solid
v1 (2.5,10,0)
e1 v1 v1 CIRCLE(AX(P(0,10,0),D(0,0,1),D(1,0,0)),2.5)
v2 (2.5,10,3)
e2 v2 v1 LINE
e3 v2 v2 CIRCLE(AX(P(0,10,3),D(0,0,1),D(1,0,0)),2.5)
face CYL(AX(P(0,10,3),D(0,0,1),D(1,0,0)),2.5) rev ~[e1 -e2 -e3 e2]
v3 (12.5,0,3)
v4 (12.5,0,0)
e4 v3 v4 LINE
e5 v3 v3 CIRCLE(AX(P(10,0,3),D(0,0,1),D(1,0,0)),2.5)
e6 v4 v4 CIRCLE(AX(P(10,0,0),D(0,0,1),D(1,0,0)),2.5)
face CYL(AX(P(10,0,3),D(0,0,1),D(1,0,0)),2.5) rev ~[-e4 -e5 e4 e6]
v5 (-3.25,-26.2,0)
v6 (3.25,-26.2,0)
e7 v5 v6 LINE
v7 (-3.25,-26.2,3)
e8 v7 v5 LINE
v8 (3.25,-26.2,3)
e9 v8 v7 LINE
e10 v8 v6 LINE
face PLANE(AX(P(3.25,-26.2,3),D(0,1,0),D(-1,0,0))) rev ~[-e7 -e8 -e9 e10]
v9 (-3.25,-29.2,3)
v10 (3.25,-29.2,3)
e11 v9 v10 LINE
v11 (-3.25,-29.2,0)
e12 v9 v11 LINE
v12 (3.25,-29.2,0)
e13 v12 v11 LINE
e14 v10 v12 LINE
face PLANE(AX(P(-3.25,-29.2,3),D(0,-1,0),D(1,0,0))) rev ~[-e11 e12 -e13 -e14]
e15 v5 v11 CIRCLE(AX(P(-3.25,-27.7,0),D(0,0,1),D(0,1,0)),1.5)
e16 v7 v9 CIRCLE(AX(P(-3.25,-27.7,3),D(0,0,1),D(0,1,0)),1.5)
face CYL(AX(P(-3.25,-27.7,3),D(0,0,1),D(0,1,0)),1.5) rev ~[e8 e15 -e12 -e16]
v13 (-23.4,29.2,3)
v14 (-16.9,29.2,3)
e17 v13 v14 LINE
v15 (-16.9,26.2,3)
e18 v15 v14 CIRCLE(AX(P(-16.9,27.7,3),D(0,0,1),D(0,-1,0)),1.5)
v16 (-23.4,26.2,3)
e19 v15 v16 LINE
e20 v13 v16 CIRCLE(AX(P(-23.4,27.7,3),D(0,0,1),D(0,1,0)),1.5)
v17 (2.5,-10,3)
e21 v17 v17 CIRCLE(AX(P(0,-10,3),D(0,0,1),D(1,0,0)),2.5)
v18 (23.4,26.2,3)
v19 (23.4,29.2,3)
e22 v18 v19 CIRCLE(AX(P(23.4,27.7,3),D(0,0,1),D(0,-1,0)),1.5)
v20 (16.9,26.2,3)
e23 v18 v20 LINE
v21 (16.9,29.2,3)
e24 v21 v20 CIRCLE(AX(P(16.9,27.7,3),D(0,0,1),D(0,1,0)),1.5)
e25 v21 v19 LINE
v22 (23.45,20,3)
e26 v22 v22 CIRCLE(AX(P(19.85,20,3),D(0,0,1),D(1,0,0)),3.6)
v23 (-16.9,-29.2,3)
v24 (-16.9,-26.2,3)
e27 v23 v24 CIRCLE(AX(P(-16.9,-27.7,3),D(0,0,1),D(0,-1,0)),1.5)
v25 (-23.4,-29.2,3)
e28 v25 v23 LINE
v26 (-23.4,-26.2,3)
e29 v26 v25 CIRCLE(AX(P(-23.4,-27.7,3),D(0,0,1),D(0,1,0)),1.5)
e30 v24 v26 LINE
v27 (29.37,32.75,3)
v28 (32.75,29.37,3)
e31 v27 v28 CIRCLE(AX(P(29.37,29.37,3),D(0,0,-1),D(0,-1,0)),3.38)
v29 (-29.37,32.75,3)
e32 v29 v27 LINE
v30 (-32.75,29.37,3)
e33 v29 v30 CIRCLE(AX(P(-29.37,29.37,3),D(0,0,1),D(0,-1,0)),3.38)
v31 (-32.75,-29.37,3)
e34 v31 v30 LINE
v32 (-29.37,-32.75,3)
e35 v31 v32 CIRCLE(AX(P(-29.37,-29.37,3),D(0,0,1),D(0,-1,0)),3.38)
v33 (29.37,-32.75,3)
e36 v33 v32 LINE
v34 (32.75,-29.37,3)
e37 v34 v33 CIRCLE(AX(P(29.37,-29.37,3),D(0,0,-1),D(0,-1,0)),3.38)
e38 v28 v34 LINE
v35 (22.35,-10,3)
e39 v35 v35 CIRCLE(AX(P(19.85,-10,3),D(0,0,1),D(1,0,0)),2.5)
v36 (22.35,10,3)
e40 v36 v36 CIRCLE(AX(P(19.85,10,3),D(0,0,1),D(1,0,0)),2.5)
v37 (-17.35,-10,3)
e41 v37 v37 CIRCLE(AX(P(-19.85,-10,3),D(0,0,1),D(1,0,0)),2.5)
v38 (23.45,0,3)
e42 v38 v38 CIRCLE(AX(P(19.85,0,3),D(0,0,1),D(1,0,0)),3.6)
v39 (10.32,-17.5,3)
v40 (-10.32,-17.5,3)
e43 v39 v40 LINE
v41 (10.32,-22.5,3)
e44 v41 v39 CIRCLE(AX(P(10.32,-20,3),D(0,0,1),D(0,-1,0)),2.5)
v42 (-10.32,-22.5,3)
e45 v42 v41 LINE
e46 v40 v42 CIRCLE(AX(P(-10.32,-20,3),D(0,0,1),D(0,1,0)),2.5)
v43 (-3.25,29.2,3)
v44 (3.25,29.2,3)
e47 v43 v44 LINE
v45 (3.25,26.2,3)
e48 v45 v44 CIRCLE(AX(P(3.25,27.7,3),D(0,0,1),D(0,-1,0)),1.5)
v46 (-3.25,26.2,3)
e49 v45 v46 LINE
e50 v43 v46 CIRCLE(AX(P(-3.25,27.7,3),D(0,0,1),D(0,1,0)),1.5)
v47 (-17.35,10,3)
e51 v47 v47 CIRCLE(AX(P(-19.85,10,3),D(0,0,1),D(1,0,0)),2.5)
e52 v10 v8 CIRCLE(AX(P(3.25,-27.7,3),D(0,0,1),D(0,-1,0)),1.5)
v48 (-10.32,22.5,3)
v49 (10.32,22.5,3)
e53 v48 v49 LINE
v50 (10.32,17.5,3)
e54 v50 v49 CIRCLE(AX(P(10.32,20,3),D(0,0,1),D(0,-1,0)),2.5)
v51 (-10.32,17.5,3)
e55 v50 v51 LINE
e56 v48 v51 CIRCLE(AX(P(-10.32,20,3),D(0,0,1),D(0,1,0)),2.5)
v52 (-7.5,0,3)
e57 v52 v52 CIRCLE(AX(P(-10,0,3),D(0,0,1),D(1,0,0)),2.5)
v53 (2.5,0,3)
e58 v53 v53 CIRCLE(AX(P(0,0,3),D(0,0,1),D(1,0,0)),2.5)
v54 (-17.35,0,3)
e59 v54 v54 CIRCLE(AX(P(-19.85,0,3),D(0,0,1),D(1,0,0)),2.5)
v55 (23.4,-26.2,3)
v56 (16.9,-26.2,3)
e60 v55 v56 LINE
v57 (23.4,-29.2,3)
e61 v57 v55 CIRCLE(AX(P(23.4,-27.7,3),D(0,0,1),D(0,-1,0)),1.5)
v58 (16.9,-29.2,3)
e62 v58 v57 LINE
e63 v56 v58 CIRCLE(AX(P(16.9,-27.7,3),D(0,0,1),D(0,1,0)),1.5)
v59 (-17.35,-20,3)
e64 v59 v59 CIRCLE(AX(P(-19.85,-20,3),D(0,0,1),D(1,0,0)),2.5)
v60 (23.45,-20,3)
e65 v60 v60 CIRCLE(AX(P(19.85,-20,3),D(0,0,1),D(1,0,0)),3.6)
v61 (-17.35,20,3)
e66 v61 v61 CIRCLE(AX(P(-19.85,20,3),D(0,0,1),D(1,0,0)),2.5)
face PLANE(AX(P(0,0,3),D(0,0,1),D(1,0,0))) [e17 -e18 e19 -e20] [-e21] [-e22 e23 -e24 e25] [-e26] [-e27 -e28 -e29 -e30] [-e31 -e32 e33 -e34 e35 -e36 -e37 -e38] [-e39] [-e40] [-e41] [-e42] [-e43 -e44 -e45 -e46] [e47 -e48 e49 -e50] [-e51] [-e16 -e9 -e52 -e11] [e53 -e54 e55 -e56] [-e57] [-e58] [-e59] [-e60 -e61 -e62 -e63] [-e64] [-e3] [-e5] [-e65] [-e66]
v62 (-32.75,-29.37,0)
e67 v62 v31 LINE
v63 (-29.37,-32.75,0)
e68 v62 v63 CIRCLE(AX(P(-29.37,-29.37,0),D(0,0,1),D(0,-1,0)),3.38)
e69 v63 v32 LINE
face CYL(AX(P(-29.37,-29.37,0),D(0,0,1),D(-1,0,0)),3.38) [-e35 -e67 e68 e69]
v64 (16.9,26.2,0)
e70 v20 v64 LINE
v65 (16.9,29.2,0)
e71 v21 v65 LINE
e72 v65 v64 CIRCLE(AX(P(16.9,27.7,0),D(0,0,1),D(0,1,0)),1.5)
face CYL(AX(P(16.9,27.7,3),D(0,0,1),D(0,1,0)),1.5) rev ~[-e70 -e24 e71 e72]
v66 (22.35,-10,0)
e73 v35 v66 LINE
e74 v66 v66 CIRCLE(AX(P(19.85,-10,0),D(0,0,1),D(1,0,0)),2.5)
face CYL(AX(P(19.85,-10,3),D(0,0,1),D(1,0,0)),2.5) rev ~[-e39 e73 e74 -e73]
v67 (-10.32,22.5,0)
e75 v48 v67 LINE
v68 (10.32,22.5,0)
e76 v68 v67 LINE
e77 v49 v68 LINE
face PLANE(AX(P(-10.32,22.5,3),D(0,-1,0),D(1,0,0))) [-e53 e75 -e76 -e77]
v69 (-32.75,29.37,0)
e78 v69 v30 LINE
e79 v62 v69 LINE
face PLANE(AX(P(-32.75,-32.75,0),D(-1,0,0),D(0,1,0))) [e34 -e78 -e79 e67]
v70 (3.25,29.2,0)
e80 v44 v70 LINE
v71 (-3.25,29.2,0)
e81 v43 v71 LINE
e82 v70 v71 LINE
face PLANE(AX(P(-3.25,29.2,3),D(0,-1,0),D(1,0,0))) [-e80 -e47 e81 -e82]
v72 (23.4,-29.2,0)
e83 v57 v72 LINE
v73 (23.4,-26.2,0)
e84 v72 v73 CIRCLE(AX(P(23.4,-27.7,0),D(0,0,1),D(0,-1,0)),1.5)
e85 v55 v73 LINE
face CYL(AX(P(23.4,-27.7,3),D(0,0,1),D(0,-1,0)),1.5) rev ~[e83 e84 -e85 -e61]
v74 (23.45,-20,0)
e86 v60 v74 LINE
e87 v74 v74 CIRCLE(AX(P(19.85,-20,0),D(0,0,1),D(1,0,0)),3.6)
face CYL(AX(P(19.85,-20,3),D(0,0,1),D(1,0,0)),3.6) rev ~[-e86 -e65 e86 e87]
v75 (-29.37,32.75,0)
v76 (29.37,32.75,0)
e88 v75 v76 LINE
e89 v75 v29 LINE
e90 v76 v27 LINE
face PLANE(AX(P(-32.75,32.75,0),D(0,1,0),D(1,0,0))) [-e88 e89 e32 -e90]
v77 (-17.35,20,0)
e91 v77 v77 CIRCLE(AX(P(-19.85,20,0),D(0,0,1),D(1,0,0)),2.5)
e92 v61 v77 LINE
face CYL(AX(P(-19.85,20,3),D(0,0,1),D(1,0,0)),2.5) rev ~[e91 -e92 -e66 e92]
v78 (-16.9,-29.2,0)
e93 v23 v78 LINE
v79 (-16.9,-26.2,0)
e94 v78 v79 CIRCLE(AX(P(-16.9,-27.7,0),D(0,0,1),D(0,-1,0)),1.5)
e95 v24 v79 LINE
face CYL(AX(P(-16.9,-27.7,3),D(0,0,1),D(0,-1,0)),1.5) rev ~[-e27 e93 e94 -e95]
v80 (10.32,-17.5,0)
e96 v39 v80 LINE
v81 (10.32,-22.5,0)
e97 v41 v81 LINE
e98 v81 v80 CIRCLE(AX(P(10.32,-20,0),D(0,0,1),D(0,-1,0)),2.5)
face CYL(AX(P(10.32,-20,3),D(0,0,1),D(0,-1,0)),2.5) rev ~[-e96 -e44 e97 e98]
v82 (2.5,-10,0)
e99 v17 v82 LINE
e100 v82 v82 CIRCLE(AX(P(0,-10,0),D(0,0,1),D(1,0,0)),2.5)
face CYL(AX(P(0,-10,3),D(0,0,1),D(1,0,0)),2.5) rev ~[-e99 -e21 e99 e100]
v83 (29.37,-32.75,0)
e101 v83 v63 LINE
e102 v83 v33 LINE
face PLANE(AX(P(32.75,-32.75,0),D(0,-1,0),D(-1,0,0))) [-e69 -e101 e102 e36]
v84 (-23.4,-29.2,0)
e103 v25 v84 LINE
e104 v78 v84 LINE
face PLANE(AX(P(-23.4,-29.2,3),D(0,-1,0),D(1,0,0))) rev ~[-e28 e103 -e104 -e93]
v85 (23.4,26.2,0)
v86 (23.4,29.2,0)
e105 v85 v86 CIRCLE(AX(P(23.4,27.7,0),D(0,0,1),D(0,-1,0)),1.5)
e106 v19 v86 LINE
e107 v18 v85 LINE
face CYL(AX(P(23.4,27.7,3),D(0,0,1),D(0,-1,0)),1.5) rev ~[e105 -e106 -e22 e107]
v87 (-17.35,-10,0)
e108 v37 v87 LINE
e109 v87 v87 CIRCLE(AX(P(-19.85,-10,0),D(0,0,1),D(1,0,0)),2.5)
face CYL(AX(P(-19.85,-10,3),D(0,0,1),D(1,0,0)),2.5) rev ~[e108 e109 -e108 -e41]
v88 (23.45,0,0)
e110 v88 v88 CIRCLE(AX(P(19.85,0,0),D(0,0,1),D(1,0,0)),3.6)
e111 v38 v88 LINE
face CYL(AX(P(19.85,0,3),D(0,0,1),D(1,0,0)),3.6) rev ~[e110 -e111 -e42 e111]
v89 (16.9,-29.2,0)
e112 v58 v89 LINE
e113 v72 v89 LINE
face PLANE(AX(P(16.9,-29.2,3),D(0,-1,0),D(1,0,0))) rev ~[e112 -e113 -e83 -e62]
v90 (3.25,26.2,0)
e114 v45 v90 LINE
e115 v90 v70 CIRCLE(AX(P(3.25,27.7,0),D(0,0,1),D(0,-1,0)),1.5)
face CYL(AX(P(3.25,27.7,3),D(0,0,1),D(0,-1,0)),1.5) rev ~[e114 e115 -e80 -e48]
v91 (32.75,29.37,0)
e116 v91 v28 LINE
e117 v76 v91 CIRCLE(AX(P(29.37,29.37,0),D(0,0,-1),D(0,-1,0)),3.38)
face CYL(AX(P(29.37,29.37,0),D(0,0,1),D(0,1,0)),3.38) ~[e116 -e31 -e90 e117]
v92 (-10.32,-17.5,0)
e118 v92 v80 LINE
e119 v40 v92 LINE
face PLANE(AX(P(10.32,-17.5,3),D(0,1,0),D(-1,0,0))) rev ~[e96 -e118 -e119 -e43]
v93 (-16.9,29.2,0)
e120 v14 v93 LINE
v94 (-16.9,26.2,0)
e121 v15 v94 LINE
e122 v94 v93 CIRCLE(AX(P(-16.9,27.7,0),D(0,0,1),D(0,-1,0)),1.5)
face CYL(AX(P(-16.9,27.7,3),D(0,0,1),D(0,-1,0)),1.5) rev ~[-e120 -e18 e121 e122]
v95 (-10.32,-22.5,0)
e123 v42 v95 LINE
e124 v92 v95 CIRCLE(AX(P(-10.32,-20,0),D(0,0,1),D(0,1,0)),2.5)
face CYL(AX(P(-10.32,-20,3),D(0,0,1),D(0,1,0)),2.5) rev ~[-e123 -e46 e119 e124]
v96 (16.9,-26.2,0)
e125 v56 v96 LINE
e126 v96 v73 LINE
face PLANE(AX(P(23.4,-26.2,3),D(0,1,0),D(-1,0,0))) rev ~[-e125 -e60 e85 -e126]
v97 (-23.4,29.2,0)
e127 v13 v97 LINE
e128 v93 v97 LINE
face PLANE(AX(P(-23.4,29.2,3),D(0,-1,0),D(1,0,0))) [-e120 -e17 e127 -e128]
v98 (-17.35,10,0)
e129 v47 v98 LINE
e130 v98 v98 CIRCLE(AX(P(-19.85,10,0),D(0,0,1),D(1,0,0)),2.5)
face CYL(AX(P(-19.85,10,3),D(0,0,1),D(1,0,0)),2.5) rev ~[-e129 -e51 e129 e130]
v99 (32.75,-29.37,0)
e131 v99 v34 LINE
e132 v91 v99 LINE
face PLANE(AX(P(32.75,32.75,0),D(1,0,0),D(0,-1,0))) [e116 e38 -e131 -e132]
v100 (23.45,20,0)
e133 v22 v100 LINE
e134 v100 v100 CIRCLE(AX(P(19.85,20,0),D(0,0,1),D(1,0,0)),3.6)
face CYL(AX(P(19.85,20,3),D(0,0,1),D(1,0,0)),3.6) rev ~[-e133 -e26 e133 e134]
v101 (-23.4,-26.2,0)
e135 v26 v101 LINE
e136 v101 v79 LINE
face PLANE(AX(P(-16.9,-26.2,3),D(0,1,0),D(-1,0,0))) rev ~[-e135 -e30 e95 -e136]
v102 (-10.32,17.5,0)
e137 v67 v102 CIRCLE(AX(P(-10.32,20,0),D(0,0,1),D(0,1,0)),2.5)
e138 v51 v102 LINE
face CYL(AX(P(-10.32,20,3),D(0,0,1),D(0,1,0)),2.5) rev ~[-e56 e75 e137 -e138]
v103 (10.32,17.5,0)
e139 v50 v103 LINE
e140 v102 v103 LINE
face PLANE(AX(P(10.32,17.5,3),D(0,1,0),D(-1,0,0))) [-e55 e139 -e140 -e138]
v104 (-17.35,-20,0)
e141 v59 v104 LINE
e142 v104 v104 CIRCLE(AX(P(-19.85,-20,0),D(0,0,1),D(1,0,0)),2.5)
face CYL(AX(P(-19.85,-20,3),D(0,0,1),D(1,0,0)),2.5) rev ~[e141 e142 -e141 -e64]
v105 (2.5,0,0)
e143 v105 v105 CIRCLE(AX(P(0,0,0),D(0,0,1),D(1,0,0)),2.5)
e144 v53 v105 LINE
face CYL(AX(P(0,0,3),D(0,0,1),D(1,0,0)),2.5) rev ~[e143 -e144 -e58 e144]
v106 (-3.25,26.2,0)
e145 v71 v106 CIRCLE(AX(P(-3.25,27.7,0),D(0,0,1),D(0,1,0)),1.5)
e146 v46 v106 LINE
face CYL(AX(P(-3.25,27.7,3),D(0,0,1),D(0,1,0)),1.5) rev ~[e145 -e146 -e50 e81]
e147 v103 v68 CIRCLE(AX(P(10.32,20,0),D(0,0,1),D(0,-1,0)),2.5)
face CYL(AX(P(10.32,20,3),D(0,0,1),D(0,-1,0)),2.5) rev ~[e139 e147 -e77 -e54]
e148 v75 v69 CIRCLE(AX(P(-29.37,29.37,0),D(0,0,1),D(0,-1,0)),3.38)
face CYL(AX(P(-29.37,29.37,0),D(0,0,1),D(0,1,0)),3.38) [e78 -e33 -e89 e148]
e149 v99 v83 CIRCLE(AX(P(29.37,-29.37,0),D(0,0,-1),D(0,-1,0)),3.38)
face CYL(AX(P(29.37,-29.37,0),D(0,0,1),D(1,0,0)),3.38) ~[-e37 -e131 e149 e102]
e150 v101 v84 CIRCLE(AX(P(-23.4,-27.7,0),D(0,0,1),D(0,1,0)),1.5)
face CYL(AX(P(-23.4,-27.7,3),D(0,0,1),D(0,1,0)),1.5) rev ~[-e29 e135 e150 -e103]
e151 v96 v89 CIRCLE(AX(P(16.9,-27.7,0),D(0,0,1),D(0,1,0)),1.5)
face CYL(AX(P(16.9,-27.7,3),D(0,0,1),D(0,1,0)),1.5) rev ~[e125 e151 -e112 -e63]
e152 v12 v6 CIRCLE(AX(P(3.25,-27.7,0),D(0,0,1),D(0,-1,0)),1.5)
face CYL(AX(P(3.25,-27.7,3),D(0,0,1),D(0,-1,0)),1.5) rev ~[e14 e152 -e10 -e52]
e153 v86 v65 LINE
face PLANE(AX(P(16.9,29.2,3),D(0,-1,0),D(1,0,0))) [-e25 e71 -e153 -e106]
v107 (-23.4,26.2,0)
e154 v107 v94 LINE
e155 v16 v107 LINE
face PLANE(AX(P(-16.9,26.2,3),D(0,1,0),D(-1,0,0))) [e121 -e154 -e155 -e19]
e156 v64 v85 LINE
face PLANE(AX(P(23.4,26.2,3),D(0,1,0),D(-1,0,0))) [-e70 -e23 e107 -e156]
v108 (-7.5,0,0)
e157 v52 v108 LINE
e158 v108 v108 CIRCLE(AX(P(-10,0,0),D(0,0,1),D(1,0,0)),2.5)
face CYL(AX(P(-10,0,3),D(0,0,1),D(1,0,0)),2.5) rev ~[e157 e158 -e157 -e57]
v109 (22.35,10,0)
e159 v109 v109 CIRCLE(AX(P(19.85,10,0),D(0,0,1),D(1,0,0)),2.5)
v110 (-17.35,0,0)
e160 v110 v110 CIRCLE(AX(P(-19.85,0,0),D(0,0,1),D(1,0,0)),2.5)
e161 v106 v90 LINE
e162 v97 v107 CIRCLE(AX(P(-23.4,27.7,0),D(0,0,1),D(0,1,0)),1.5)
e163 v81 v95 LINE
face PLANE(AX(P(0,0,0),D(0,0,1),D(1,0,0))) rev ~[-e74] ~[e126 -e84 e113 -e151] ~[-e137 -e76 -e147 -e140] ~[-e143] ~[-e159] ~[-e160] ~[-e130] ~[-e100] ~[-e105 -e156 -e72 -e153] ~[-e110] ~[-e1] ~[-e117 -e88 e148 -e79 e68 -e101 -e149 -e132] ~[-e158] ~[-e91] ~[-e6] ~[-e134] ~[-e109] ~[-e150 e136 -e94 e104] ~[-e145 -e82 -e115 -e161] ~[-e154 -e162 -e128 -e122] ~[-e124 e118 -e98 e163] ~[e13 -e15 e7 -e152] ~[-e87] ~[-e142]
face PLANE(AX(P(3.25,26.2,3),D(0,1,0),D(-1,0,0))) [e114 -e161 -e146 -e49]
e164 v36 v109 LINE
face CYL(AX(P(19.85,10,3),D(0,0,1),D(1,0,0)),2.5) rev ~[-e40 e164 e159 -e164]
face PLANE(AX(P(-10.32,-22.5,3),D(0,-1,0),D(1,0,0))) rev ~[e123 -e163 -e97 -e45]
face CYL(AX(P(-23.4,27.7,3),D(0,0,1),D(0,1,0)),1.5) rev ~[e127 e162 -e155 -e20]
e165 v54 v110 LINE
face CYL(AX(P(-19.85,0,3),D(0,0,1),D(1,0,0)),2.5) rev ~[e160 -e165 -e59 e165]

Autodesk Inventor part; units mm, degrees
ref_plane "YZ Plane" through (0, 0, 0) normal (1, 0, 0) x (0, 1, 0)
ref_plane "XZ Plane" through (0, 0, 0) normal (0, 1, 0) x (-1, 0, 0)
ref_plane "XY Plane" through (0, 0, 0) normal (0, 0, 1) x (1, 0, 0)
sketch "Sketch1" plane through (0, 0, 0) normal (0, 0, 1) x (1, 0, 0)
  line L0 (-32.75, 32.75) -> (32.75, 32.75)
  line L1 (32.75, 32.75) -> (32.75, -32.75)
  line L2 (32.75, -32.75) -> (-32.75, -32.75)
  line L3 (-32.75, -32.75) -> (-32.75, 32.75)
  line L4 (0, 32.75) -> (0, -32.75) construction
  line L5 (-32.75, 0) -> (32.75, 0) construction
  point P0 (0, 0)
  dimension "d0" = 65.5
  dimension "d1" = 65.5
extrude "Extrusion1" add sketch "Sketch1" along normal blind 3
sketch "Sketch2" plane through (0, 0, 3) normal (0, 0, 1) x (1, 0, 0)
  line L0 (32.75, 32.75) -> (-32.75, 32.75) projected
  line L1 (-32.75, 32.75) -> (-32.75, -32.75) projected
  line L2 (-32.75, -32.75) -> (32.75, -32.75) projected
  line L3 (32.75, -32.75) -> (32.75, 32.75) projected
  circle A0 centre (0, 0) radius 2.5
  circle A1 centre (0, 10) radius 2.5
  line L4 (0, 0) -> (0, 20.5611) construction
  circle A2 centre (-10, 0) radius 2.5
  circle A3 centre (0, -10) radius 2.5
  circle A4 centre (10, 0) radius 2.5
  circle A5 centre (-19.85, 0) radius 2.5
  circle A6 centre (-19.85, -10) radius 2.5
  circle A7 centre (-19.85, -20) radius 2.5
  circle A8 centre (-19.85, 10) radius 2.5
  circle A9 centre (-19.85, 0) radius 2.5
  circle A10 centre (-19.85, -10) radius 2.5
  circle A11 centre (-19.85, 20) radius 2.5
  circle A12 centre (-19.85, 10) radius 2.5
  circle A13 centre (-19.85, 0) radius 2.5
  line L5 (19.85, 32.75) -> (19.85, -32.75) construction
  circle A14 centre (19.85, 10) radius 2.5
  circle A15 centre (19.85, -10) radius 2.5
  line L6 (0, 0) -> (-32.75, 0) construction
  circle A16 centre (19.85, 0) radius 3.6
  circle A17 centre (19.85, 20) radius 3.6
  circle A18 centre (19.85, -20) radius 3.6
  circle A19 centre (19.85, 0) radius 3.6
  dimension "d4" = 5
  dimension "d5" = 5
  dimension "d6" = 10
  dimension "d9" = 360
  dimension "d11" = 5
  dimension "d12" = 12.9
  dimension "d15" = 10
  dimension "d18" = 10
  dimension "d21" = 5
  dimension "d22" = 5
  dimension "d23" = 12.9
  dimension "d24" = 10
  dimension "d25" = 7.2
  dimension "d28" = 20
  dimension "d31" = 20
extrude "Extrusion2" cut sketch "Sketch2" against normal up to next contours A0 | A1 | A2 | A3 | A4 | A5 | A6 | A7 | A8 | A11 | A14 | A15 | A16 | A17 | A18
sketch "Sketch3" plane through (0, 0, 3) normal (0, 0, 1) x (1, 0, 0)
  circle A0 centre (-19.85, -20) radius 2.5 projected
  circle A1 centre (0, 0) radius 2.5 projected
  line L0 (32.75, 32.75) -> (-32.75, 32.75) projected
  line L1 (-32.75, -32.75) -> (32.75, -32.75) projected
  line L2 (-10.32, -20) -> (10.32, -20) construction
  line L3 (-10.32, -22.5) -> (10.32, -22.5)
  line L4 (10.32, -17.5) -> (-10.32, -17.5)
  arc A2 (-10.32, -17.5) -> (-10.32, -22.5) centre (-10.32, -20) ccw
  arc A3 (10.32, -22.5) -> (10.32, -17.5) centre (10.32, -20) ccw
  line L5 (0, 0) -> (0, -39.6664) construction
  line L6 (0, 0) -> (-44.4767, 0) construction
  line L7 (-10.32, 20) -> (10.32, 20) construction
  line L8 (-10.32, 22.5) -> (10.32, 22.5)
  line L9 (10.32, 17.5) -> (-10.32, 17.5)
  arc A4 (-10.32, 22.5) -> (-10.32, 17.5) centre (-10.32, 20) ccw
  arc A5 (10.32, 17.5) -> (10.32, 22.5) centre (10.32, 20) ccw
  line L10 (-3.25, -27.7) -> (3.25, -27.7) construction
  line L11 (-3.25, -29.2) -> (3.25, -29.2)
  line L12 (3.25, -26.2) -> (-3.25, -26.2)
  arc A6 (-3.25, -26.2) -> (-3.25, -29.2) centre (-3.25, -27.7) ccw
  arc A7 (3.25, -29.2) -> (3.25, -26.2) centre (3.25, -27.7) ccw
  line L13 (16.9, -27.7) -> (23.4, -27.7) construction
  line L14 (16.9, -29.2) -> (23.4, -29.2)
  line L15 (23.4, -26.2) -> (16.9, -26.2)
  arc A8 (16.9, -26.2) -> (16.9, -29.2) centre (16.9, -27.7) ccw
  arc A9 (23.4, -29.2) -> (23.4, -26.2) centre (23.4, -27.7) ccw
  line L16 (-23.4, -27.7) -> (-16.9, -27.7) construction
  line L17 (-23.4, -29.2) -> (-16.9, -29.2)
  line L18 (-16.9, -26.2) -> (-23.4, -26.2)
  arc A10 (-23.4, -26.2) -> (-23.4, -29.2) centre (-23.4, -27.7) ccw
  arc A11 (-16.9, -29.2) -> (-16.9, -26.2) centre (-16.9, -27.7) ccw
  line L19 (-3.25, -27.7) -> (3.25, -27.7) construction
  line L20 (-3.25, -29.2) -> (3.25, -29.2)
  line L21 (3.25, -26.2) -> (-3.25, -26.2)
  arc A12 (-3.25, -26.2) -> (-3.25, -29.2) centre (-3.25, -27.7) ccw
  arc A13 (3.25, -29.2) -> (3.25, -26.2) centre (3.25, -27.7) ccw
  line L22 (-3.25, 27.7) -> (3.25, 27.7) construction
  line L23 (-3.25, 29.2) -> (3.25, 29.2)
  line L24 (3.25, 26.2) -> (-3.25, 26.2)
  arc A14 (-3.25, 29.2) -> (-3.25, 26.2) centre (-3.25, 27.7) ccw
  arc A15 (3.25, 26.2) -> (3.25, 29.2) centre (3.25, 27.7) ccw
  arc A16 (16.9, 29.2) -> (16.9, 26.2) centre (16.9, 27.7) ccw
  line L25 (23.4, 26.2) -> (16.9, 26.2)
  line L26 (16.9, 27.7) -> (23.4, 27.7) construction
  line L27 (16.9, 29.2) -> (23.4, 29.2)
  arc A17 (23.4, 26.2) -> (23.4, 29.2) centre (23.4, 27.7) ccw
  arc A18 (-23.4, 29.2) -> (-23.4, 26.2) centre (-23.4, 27.7) ccw
  line L28 (-16.9, 26.2) -> (-23.4, 26.2)
  line L29 (-23.4, 27.7) -> (-16.9, 27.7) construction
  line L30 (-23.4, 29.2) -> (-16.9, 29.2)
  arc A19 (-16.9, 26.2) -> (-16.9, 29.2) centre (-16.9, 27.7) ccw
  arc A20 (-3.25, 29.2) -> (-3.25, 26.2) centre (-3.25, 27.7) ccw
  line L31 (3.25, 26.2) -> (-3.25, 26.2)
  line L32 (-3.25, 27.7) -> (3.25, 27.7) construction
  line L33 (-3.25, 29.2) -> (3.25, 29.2)
  arc A21 (3.25, 26.2) -> (3.25, 29.2) centre (3.25, 27.7) ccw
  point P0 (0, -20)
  point P1 (0, 20)
  point P2 (0, -27.7)
  point P3 (20.15, -27.7)
  point P4 (-20.15, -27.7)
  point P5 (0, -27.7)
  point P6 (0, 27.7)
  point P7 (20.15, 27.7)
  point P8 (-20.15, 27.7)
  point P9 (0, 27.7)
  dimension "d36" = 5
  dimension "d37" = 20.64
  dimension "d38" = 3
  dimension "d39" = 60.45
  dimension "d40" = 6.5
  dimension "d43" = 20.15
  dimension "d46" = 20.15
extrude "Extrusion3" cut sketch "Sketch3" against normal up to next contours A2 L4 A3 L3 | L8 A5 L9 A4 | A6 L12 A7 L11 | A8 L15 A9 L14 | A10 L18 A11 L17 | L23 A15 L24 A14 | L27 A17 L25 A16 | L30 A19 L28 A18
fillet "Fillet1" radius 3.38 4 edges at (32.75, -32.75, 1.5) (32.75, 32.75, 1.5) (-32.75, -32.75, 1.5) (-32.75, 32.75, 1.5)
properties part number "20mm gantry plate"
